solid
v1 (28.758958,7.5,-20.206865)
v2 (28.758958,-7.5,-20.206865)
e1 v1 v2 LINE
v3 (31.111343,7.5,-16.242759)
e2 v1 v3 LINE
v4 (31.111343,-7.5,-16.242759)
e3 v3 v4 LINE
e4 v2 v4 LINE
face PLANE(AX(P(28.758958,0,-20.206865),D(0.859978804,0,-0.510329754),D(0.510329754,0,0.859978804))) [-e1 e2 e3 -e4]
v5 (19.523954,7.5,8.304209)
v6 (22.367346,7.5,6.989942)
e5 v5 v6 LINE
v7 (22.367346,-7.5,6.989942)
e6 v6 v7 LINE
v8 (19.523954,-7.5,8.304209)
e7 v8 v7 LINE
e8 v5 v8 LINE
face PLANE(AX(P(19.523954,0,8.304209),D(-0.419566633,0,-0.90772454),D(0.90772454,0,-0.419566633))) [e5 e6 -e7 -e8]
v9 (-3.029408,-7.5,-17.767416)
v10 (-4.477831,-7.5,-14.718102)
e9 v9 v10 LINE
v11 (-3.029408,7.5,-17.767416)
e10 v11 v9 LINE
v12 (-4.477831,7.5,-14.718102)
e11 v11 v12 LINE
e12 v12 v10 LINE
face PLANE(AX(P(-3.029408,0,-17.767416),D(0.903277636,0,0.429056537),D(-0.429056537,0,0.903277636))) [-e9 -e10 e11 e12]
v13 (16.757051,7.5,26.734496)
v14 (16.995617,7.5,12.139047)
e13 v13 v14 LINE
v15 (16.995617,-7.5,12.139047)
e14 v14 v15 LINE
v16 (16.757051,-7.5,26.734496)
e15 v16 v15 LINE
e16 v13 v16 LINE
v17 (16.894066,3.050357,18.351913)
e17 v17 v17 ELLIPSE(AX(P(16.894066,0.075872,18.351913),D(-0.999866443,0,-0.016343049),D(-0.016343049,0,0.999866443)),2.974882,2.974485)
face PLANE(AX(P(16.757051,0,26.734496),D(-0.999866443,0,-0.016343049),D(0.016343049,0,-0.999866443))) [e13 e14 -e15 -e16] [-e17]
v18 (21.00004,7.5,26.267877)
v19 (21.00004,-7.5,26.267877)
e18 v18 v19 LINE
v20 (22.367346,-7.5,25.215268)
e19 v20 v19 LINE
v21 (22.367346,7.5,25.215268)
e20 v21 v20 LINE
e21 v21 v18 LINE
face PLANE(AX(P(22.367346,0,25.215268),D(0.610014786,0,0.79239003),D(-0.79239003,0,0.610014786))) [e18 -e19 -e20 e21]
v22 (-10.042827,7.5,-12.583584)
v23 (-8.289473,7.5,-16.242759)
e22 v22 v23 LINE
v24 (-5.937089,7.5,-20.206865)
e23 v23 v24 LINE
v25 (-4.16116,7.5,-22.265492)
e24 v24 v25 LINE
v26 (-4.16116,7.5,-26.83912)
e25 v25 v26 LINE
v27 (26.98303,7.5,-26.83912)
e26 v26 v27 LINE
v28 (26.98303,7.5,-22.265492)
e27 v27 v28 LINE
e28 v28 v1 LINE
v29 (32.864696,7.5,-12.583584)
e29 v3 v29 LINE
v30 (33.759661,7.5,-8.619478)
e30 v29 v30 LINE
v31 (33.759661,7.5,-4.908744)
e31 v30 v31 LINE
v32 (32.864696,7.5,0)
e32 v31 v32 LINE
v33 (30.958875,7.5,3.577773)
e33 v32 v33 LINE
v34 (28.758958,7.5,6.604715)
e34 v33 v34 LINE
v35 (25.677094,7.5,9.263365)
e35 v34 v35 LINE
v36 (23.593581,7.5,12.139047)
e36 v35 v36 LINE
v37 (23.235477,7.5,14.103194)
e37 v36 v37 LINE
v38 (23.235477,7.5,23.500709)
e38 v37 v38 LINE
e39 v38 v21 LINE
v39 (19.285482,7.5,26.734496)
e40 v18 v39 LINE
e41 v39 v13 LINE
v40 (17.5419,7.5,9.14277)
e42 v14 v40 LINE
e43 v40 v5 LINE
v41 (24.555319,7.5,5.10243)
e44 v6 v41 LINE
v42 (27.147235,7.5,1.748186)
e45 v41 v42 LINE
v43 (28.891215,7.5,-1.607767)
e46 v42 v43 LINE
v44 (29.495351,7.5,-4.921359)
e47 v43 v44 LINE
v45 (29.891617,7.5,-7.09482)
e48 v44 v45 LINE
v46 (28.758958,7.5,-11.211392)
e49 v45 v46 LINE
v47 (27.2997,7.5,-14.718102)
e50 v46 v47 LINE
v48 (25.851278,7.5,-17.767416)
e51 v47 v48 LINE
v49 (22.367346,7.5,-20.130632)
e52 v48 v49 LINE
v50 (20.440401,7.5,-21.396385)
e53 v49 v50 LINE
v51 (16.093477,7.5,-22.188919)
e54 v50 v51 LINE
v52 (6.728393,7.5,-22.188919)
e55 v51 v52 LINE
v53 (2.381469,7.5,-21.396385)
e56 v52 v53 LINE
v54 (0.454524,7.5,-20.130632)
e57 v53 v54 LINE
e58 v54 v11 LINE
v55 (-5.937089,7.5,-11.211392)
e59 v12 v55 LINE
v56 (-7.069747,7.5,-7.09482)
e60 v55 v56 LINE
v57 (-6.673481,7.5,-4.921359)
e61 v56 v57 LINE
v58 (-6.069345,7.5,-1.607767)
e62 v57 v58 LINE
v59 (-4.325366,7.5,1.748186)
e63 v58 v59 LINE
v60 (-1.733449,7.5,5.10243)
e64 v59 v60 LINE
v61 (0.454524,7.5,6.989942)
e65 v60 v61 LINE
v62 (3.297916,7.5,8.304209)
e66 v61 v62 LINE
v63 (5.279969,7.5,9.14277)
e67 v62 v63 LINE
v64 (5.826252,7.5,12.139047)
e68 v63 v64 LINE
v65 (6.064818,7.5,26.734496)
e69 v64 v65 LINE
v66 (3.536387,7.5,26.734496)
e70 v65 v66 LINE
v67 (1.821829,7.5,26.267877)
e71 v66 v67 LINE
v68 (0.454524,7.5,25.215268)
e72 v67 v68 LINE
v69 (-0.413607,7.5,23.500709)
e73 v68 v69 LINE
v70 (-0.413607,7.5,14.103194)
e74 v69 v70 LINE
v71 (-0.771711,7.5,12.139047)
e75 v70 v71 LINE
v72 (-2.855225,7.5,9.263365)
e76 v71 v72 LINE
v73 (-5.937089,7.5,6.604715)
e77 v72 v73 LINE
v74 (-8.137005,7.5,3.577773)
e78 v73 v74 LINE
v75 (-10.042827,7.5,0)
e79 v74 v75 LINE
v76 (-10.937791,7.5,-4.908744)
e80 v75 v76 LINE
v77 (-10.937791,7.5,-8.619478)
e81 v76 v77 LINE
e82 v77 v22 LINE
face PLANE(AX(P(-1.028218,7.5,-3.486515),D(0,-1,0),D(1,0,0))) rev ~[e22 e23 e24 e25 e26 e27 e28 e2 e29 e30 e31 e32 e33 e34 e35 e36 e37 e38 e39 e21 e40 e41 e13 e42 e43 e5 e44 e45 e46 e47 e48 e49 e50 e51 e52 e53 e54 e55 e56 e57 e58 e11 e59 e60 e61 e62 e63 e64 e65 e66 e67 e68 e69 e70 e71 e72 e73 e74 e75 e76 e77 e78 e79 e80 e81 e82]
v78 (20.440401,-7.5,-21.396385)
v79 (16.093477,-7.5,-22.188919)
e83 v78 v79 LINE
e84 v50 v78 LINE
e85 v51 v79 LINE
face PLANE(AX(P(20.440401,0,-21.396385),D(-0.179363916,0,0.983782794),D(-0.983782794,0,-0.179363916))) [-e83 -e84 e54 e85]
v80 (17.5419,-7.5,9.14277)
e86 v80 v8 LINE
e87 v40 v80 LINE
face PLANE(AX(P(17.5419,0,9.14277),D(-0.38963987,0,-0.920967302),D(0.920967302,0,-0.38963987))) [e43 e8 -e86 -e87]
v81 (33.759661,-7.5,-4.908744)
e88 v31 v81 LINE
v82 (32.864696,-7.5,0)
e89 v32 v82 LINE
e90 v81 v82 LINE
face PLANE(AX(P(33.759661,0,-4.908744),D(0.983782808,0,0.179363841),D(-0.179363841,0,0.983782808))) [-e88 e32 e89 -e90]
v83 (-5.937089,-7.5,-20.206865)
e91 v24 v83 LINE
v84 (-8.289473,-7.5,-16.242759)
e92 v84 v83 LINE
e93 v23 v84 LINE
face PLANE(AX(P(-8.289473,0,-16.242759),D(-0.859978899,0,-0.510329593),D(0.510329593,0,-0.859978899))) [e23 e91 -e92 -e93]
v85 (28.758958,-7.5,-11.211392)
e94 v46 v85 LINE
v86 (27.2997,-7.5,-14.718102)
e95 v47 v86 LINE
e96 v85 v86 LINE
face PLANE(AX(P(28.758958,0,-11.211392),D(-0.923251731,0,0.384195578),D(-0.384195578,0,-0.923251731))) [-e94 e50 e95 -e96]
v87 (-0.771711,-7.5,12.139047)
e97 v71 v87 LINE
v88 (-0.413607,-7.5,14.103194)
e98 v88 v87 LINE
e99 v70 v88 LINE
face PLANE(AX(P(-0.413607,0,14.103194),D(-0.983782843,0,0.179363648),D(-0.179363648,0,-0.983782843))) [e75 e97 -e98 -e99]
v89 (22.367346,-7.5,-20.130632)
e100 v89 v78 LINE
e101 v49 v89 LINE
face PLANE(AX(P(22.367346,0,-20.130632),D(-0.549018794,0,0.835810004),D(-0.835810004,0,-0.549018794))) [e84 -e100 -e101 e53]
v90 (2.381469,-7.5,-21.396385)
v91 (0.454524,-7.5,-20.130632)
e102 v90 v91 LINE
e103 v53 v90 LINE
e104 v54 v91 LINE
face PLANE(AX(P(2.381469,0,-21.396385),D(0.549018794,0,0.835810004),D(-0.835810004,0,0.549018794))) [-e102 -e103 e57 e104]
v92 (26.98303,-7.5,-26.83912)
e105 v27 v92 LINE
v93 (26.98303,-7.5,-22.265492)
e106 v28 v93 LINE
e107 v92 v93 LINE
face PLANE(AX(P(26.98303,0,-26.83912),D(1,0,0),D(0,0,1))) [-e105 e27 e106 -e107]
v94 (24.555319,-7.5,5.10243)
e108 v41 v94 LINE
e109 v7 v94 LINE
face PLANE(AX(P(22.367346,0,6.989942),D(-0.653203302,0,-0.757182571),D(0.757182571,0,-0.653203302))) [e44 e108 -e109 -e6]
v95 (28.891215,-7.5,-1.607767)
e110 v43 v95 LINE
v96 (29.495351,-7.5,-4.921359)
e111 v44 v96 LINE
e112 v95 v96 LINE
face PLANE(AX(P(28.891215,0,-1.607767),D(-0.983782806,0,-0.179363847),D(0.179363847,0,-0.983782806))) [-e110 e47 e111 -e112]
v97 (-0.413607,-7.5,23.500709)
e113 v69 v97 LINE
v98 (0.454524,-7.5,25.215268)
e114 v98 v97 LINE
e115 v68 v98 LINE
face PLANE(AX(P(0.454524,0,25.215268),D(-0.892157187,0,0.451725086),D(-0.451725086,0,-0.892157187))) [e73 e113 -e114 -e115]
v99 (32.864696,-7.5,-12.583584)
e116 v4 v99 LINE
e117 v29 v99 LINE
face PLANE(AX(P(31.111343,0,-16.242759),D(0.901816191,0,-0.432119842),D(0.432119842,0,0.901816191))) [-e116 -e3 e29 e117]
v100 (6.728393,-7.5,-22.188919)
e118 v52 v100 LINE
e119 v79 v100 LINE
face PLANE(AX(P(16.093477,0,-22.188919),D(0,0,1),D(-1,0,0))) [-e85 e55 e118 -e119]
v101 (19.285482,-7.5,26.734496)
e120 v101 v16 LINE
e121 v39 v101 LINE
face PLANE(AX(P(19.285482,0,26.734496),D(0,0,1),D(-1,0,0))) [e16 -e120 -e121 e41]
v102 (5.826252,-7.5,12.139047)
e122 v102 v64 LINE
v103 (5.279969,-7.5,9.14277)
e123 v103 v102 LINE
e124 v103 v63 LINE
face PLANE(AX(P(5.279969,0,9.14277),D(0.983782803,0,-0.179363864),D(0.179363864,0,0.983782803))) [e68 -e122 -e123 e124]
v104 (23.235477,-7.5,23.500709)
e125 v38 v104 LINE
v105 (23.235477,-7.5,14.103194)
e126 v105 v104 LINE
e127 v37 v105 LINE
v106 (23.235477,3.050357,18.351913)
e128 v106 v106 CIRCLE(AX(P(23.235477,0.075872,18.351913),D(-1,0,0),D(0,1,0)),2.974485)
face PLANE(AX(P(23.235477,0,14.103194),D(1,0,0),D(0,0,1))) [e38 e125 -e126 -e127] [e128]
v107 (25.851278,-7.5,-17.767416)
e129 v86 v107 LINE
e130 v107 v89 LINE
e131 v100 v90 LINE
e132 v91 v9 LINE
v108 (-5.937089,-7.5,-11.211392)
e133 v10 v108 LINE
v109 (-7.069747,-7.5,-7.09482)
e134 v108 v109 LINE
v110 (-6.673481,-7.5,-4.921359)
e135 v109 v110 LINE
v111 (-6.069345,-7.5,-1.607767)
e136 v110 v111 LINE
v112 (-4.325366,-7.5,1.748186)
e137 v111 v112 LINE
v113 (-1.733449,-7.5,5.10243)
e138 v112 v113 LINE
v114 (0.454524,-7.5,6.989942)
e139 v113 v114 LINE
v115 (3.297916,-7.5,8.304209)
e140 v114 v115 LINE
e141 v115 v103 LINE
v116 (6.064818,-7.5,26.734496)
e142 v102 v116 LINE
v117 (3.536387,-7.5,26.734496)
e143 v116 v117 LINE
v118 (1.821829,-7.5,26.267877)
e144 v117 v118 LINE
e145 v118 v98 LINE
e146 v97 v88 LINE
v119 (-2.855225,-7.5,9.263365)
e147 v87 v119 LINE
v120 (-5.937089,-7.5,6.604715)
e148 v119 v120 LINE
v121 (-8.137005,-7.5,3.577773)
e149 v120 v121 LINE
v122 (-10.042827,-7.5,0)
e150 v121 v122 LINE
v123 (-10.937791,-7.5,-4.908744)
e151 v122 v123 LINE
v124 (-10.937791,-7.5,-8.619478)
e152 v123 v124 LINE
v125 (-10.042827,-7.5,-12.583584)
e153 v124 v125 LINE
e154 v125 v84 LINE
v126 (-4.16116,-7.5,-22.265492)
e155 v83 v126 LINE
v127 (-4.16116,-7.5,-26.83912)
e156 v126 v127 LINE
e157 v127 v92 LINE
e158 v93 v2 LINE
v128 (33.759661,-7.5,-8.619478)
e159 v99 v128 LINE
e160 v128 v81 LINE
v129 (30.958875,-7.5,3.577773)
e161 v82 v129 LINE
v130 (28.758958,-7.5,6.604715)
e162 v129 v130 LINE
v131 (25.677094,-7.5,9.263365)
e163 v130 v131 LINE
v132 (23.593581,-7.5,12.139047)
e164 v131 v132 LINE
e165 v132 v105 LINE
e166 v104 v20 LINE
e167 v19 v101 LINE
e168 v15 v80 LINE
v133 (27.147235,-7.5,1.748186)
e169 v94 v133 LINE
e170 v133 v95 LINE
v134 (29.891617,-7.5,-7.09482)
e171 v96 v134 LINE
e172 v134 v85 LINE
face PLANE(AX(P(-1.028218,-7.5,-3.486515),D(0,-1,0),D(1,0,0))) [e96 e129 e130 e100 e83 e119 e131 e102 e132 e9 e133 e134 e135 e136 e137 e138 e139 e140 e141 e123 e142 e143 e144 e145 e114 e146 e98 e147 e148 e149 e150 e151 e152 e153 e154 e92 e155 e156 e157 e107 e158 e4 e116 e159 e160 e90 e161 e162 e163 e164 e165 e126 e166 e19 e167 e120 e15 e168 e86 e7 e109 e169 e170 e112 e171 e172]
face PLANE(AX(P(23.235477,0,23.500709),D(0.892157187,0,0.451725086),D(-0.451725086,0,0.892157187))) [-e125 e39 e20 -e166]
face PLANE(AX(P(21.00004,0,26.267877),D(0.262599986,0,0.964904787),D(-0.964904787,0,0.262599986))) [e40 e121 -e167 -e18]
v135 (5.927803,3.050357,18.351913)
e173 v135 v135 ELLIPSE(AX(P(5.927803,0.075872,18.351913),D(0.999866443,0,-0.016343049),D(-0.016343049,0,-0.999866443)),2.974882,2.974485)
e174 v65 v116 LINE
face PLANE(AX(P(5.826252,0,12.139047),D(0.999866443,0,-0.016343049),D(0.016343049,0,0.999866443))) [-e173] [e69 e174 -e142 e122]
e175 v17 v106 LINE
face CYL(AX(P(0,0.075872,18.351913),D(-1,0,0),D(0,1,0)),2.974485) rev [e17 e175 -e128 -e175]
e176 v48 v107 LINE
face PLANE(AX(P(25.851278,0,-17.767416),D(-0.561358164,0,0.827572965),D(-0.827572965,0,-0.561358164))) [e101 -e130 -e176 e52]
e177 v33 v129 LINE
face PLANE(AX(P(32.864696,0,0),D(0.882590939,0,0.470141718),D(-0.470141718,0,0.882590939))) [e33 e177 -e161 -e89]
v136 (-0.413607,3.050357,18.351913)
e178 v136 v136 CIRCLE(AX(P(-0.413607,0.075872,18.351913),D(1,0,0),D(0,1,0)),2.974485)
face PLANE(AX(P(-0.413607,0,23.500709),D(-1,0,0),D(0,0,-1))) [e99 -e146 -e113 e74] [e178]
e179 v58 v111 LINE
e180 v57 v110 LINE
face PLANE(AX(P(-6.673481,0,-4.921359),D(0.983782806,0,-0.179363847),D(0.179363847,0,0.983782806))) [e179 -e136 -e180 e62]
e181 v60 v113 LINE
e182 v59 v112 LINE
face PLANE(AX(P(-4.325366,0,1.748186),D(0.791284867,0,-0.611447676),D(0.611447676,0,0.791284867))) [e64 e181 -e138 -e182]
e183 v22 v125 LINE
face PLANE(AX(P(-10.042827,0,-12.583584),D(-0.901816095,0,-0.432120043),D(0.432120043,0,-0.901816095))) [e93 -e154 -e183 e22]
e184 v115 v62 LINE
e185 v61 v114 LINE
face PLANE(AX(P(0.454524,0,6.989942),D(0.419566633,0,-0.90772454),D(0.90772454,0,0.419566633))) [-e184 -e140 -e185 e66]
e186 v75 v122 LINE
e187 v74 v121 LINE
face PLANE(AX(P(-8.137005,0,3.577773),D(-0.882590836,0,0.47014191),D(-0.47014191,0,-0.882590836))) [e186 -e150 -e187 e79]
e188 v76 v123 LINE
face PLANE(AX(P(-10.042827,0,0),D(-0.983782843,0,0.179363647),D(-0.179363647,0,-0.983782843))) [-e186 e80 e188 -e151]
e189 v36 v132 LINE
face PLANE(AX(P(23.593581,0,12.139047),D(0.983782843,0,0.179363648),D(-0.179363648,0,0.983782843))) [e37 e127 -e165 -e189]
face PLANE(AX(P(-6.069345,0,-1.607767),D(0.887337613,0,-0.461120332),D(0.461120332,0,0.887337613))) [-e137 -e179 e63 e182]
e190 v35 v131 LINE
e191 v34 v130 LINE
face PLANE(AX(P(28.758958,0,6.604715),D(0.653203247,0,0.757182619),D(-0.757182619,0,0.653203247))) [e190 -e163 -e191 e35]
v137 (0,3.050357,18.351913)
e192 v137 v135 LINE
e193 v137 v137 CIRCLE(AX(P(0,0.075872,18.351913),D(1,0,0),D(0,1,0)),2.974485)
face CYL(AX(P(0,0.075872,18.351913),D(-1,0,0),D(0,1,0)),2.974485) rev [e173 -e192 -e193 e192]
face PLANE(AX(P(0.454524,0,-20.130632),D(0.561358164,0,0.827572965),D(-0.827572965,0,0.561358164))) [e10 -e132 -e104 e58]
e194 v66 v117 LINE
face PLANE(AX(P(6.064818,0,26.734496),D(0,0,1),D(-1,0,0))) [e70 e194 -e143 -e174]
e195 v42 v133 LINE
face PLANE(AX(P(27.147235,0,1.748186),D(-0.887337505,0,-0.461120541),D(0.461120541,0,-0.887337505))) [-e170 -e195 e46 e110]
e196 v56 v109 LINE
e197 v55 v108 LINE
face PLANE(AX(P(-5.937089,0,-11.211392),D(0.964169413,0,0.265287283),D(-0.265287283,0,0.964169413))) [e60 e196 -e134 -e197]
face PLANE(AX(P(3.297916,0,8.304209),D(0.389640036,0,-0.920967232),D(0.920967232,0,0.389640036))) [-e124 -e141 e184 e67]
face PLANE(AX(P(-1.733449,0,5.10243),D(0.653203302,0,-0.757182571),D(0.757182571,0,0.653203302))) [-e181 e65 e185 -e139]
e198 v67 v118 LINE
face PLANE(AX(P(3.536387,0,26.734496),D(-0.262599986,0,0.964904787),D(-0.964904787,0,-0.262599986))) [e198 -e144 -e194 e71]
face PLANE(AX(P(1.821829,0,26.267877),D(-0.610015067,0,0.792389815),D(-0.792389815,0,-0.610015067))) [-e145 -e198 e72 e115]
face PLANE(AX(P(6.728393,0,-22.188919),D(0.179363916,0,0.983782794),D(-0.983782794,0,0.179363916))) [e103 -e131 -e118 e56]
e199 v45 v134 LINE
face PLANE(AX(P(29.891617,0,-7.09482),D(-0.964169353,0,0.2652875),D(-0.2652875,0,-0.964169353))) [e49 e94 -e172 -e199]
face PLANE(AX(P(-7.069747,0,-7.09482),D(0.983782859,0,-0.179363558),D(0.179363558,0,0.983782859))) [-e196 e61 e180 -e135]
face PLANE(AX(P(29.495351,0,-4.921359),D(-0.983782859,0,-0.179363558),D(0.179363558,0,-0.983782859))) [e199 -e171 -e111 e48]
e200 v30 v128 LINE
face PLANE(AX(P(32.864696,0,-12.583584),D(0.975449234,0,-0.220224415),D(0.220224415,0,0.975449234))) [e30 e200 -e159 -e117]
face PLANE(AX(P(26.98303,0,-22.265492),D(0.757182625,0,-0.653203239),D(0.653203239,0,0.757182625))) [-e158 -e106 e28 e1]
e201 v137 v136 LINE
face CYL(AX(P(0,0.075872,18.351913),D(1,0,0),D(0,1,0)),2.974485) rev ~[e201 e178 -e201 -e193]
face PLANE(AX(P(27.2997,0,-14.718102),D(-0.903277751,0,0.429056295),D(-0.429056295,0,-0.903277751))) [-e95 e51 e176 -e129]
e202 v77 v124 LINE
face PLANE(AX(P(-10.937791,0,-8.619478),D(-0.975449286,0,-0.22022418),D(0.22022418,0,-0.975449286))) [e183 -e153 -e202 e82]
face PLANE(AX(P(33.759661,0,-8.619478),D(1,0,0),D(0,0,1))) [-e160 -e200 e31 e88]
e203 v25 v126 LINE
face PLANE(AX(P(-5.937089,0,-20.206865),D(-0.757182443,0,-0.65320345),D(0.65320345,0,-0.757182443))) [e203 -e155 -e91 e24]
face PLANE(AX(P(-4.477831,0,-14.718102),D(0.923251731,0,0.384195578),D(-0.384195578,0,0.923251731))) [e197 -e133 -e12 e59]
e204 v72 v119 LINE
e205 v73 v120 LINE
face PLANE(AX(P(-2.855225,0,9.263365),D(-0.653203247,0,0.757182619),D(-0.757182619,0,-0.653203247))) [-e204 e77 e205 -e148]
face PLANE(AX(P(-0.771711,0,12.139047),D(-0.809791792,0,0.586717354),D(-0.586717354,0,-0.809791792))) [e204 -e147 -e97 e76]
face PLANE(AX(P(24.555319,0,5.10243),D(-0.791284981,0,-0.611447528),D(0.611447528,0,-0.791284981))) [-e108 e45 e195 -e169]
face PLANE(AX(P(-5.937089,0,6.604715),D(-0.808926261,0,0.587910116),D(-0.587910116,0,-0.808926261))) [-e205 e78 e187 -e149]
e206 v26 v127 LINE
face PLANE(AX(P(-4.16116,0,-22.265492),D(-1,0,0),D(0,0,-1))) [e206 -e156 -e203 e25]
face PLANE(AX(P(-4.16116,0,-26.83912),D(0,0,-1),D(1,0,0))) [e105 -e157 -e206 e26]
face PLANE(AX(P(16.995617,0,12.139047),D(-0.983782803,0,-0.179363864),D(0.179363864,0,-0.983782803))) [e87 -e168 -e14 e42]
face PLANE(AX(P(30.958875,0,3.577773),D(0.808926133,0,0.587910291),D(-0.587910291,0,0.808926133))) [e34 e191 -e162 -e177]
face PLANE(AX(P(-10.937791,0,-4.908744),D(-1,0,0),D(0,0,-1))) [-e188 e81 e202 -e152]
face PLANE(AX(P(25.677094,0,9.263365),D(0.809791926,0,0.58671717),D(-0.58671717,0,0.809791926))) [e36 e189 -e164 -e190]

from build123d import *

# Parameters (mm, degrees)
F1_DEPTH = 7.5
F2_R     = 2.974485
F3_DEPTH = 33.760661
F4_R     = 2.974485
F5_DEPTH = 10.938791


with BuildPart() as f1:
    # F0 (on Front) → F1 (new body, symmetric)
    with BuildSketch(Plane.XZ):
        Polygon((5.826252, 12.139047), (6.064818, 26.734496), (3.536387, 26.734496), (1.821829, 26.267877), (0.454524, 25.215268), (-0.413607, 23.500709), (-0.413607, 14.103194), (-0.771711, 12.139047), (-2.855225, 9.263365), (-5.937089, 6.604715), (-8.137005, 3.577773), (-10.042827, 0), (-10.937791, -4.908744), (-10.937791, -8.619478), (-10.042827, -12.583584), (-8.289473, -16.242759), (-5.937089, -20.206865), (-4.16116, -22.265492), (-4.16116, -26.83912), (11.410935, -26.83912), (11.410935, -22.188919), (6.728393, -22.188919), (2.381469, -21.396385), (0.454524, -20.130632), (-3.029408, -17.767416), (-4.477831, -14.718102), (-5.937089, -11.211392), (-7.069747, -7.09482), (-6.673481, -4.921359), (-6.069345, -1.607767), (-4.325366, 1.748186), (-1.733449, 5.10243), (0.454524, 6.989942), (3.297916, 8.304209), (5.279969, 9.14277), align=None)
        Polygon((16.093477, -22.188919), (11.410935, -22.188919), (11.410935, -26.83912), (26.98303, -26.83912), (26.98303, -22.265492), (28.758958, -20.206865), (31.111343, -16.242759), (32.864696, -12.583584), (33.759661, -8.619478), (33.759661, -4.908744), (32.864696, 0), (30.958875, 3.577773), (28.758958, 6.604715), (25.677094, 9.263365), (23.593581, 12.139047), (23.235477, 14.103194), (23.235477, 23.500709), (22.367346, 25.215268), (21.00004, 26.267877), (19.285482, 26.734496), (16.757051, 26.734496), (16.995617, 12.139047), (17.5419, 9.14277), (19.523954, 8.304209), (22.367346, 6.989942), (24.555319, 5.10243), (27.147235, 1.748186), (28.891215, -1.607767), (29.495351, -4.921359), (29.891617, -7.09482), (28.758958, -11.211392), (27.2997, -14.718102), (25.851278, -17.767416), (22.367346, -20.130632), (20.440401, -21.396385), align=None)
    extrude(amount=F1_DEPTH, both=True)

    # F2 (on Right) → F3 (cut, through all)
    with BuildSketch(Plane.YZ):
        with Locations((0.075872, 18.351913)):
            Circle(F2_R)
    extrude(amount=F3_DEPTH, mode=Mode.SUBTRACT)

    # F4 (on face) → F5 (cut, through all)
    with BuildSketch(Plane.YZ):
        with Locations((0.075872, 18.351913)):
            Circle(F4_R)
    extrude(amount=-F5_DEPTH, mode=Mode.SUBTRACT)


solid = f1.part
